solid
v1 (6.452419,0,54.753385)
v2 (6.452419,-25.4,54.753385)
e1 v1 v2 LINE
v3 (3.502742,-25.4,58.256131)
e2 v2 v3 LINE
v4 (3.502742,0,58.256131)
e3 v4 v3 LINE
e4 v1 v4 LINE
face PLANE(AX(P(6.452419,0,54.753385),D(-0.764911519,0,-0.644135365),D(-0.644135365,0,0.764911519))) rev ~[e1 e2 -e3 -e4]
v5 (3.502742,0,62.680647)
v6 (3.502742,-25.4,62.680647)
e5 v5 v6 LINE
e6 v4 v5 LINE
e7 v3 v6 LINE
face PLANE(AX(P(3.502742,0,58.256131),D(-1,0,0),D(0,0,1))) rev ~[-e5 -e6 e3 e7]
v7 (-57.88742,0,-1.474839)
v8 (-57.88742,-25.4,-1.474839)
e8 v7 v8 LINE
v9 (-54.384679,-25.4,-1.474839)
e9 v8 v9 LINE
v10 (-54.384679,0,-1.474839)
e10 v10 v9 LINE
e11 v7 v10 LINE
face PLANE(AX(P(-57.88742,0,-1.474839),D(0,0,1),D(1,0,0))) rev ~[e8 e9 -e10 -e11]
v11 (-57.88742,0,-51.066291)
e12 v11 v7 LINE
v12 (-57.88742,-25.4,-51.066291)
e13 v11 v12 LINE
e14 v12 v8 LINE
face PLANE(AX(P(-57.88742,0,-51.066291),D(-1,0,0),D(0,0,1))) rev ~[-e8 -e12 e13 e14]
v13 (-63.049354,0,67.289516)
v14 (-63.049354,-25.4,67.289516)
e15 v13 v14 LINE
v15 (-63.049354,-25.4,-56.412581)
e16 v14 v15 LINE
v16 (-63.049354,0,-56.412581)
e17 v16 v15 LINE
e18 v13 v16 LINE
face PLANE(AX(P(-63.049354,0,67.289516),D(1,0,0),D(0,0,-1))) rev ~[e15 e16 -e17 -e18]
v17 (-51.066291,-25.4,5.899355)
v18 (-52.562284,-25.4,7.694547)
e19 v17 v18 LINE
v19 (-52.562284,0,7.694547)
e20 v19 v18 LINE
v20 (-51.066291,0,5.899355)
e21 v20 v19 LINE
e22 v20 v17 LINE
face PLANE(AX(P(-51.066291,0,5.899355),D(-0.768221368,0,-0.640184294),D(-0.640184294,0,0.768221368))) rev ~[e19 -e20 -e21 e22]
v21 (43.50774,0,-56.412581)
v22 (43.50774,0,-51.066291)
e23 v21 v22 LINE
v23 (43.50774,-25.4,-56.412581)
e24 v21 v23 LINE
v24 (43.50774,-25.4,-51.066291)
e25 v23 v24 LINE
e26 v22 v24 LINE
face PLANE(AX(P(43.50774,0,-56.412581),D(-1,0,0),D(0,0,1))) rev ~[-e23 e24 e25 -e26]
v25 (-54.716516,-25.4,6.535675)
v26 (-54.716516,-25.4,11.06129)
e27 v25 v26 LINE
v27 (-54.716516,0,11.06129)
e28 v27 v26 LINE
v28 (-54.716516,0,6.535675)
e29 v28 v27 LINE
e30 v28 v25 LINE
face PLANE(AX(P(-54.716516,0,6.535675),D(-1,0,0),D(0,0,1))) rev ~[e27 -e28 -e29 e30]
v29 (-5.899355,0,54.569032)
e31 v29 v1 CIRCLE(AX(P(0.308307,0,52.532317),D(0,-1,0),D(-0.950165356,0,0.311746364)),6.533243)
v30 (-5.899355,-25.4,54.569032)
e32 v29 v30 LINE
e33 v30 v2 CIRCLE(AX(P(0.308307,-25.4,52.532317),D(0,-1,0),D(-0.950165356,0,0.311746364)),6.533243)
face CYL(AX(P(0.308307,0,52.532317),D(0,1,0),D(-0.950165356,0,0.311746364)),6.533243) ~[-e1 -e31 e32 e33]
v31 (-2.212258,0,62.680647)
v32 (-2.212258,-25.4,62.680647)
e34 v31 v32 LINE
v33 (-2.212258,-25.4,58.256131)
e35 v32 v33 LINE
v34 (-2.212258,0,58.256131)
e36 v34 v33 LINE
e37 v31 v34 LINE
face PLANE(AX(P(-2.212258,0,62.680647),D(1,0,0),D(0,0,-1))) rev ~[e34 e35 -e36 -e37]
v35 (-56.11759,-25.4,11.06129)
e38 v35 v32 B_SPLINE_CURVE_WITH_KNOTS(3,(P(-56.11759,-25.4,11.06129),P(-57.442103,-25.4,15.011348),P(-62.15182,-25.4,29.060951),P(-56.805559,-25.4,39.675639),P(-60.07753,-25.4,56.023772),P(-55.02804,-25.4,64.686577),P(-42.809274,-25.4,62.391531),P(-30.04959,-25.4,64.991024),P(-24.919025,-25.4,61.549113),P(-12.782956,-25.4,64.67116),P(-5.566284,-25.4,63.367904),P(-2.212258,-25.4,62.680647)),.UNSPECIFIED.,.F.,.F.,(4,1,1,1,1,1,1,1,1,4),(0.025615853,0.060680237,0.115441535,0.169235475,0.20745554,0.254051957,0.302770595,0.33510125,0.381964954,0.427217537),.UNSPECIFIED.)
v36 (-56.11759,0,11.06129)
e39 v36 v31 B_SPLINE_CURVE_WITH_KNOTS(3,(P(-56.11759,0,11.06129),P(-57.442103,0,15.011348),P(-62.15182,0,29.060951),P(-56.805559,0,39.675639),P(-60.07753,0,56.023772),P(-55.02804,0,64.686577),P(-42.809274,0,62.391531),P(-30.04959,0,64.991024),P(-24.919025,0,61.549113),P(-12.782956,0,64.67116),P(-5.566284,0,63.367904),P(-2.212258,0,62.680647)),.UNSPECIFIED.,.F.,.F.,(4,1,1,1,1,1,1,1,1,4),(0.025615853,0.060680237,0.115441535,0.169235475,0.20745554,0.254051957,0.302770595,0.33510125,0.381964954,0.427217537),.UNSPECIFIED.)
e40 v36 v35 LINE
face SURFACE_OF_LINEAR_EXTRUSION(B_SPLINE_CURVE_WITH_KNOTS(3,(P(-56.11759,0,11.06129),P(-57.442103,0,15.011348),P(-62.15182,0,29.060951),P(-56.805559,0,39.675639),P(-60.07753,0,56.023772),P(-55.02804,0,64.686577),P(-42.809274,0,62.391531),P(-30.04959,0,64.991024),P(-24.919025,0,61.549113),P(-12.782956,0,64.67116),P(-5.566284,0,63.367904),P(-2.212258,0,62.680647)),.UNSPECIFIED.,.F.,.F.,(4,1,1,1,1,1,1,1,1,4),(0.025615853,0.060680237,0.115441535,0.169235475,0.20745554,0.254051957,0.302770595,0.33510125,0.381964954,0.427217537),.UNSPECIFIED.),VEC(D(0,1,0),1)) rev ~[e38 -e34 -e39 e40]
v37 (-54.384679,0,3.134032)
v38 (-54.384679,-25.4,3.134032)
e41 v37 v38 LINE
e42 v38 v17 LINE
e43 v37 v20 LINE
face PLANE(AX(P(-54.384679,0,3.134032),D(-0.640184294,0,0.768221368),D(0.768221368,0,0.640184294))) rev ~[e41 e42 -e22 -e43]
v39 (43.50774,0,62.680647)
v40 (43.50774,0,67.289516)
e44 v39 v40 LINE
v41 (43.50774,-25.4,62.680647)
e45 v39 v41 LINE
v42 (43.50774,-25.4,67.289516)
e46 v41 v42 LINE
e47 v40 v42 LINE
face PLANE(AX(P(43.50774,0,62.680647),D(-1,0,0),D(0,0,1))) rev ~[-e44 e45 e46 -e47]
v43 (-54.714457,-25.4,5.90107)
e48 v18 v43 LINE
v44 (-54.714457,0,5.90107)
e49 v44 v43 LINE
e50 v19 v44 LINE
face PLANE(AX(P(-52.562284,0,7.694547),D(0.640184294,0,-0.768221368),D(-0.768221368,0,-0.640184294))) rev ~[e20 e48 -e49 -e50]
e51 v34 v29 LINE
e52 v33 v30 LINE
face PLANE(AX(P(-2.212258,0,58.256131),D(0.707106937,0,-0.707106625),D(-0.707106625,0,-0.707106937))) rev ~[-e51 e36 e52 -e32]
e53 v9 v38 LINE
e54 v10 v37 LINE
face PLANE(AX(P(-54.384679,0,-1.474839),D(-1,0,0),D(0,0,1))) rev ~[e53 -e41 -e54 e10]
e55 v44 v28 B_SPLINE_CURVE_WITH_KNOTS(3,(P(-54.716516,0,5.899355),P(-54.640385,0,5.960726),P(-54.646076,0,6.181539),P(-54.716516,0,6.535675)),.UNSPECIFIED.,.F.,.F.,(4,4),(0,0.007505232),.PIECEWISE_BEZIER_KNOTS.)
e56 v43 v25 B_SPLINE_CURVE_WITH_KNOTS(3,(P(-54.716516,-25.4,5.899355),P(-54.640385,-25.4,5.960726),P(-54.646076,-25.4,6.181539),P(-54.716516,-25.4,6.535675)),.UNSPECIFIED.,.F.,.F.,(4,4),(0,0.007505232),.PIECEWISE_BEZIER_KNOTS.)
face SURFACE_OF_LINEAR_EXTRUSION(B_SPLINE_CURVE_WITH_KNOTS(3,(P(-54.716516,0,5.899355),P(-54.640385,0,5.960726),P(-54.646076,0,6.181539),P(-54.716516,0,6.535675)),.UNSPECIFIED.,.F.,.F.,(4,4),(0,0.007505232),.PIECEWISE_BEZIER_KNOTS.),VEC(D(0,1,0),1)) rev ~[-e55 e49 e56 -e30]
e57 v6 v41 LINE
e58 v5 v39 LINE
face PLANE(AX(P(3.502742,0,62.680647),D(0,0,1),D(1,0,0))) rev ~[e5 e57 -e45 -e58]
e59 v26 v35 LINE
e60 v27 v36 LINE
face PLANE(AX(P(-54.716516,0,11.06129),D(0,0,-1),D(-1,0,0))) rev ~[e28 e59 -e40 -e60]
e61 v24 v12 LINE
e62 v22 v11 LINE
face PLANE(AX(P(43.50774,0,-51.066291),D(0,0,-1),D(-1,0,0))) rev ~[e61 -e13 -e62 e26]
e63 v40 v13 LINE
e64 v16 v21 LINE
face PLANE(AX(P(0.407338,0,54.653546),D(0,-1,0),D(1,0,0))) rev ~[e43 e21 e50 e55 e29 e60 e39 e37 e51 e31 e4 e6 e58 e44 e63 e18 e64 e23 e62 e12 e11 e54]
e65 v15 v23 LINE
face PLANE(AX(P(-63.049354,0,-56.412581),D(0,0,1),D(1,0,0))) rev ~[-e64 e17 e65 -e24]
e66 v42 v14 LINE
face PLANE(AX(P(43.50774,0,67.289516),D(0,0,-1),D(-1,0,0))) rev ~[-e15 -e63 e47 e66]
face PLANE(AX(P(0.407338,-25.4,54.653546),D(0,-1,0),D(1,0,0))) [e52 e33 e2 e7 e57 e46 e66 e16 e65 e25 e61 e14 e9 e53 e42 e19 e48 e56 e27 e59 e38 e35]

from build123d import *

# Parameters (mm, degrees)
F1_DEPTH = 25.4


with BuildPart() as f1:
    # F0 (on Front) → F1 (new body)
    with BuildSketch(Plane.XZ):
        with BuildLine():
            Line((-2.212257823, 58.2561306655), (-5.8993548155, 54.5690320432))
            ThreePointArc((-5.8993548155, 54.5690320432), (0.4058060109, 45.9998016197), (6.4524193294, 54.7533854842))
            Line((6.4524193294, 54.7533854842), (3.5027421545, 58.2561306655))
            Line((3.5027421545, 58.2561306655), (3.5027421545, 62.6806467772))
            add(Edge.make_bspline(
                [(-2.212257823, 62.6806467772), (0.2134967347, 62.183597229), (2.5392399354, 61.6619496876), (3.5027421545, 62.6806467772)],
                knots=[0.4272175368, 0.4272175368, 0.4272175368, 0.4272175368, 0.4599458664, 0.4599458664, 0.4599458664, 0.4599458664], degree=3))
            Line((-2.212257823, 62.6806467772), (-2.212257823, 58.2561306655))
        make_face()
        with BuildLine():
            add(Edge.make_bspline(
                [(-56.1175897394, 11.061290279), (-57.4421026407, 15.0113475285), (-62.1518201807, 29.0609512176), (-56.8055586939, 39.6756389092), (-60.0775304039, 56.0237716743), (-55.0280404148, 64.6865765345), (-42.8092741874, 62.3915307758), (-30.049589894, 64.9910239761), (-24.9190247488, 61.549112801), (-12.7829555943, 64.6711598854), (-5.566283552, 63.3679038485), (-2.212257823, 62.6806467772)],
                knots=[0.0256158531, 0.0256158531, 0.0256158531, 0.0256158531, 0.0606802371, 0.1154415351, 0.1692354746, 0.20745554, 0.254051957, 0.3027705946, 0.3351012498, 0.3819649537, 0.4272175368, 0.4272175368, 0.4272175368, 0.4272175368], degree=3))
            add(Edge.make_bspline(
                [(-2.212257823, 62.6806467772), (0.2134967347, 62.183597229), (2.5392399354, 61.6619496876), (3.5027421545, 62.6806467772)],
                knots=[0.4272175368, 0.4272175368, 0.4272175368, 0.4272175368, 0.4599458664, 0.4599458664, 0.4599458664, 0.4599458664], degree=3))
            add(Edge.make_bspline(
                [(3.5027421545, 62.6806467772), (4.1893433291, 63.4065803603), (4.1769369673, 67.0310825175), (-2.8490543096, 64.8300189818), (-12.7876938958, 66.4858188173), (-22.3076582062, 63.0154968392), (-31.2465775254, 67.2659261953), (-42.3456238294, 64.5851386583), (-54.3045181178, 65.64947354), (-59.2988133317, 63.0698735263), (-62.5418094545, 53.3702727032), (-59.9276703797, 35.0641566719), (-61.8593859607, 24.6719915086), (-61.6194732337, 15.6818162338), (-55.1614744754, 5.5406582034), (-54.7165155411, 5.8993548155)],
                knots=[0.4599458664, 0.4599458664, 0.4599458664, 0.4599458664, 0.4832683965, 0.5159967261, 0.5604479371, 0.602901816, 0.6440895933, 0.6905688027, 0.7374826131, 0.7673405324, 0.8092023906, 0.8684598686, 0.9125670322, 0.9561342875, 1, 1, 1, 1], degree=3))
            Line((-54.7165155411, 5.8993548155), (-54.7165155411, 6.5356749263))
            add(Edge.make_bspline(
                [(-54.7165155411, 6.5356749263), (-54.8864899618, 7.3902273291), (-55.4334838511, 9.021100696), (-56.1175897394, 11.061290279)],
                knots=[0.0075052319, 0.0075052319, 0.0075052319, 0.0075052319, 0.0256158531, 0.0256158531, 0.0256158531, 0.0256158531], degree=3))
        make_face()
        with BuildLine():
            add(Edge.make_bspline(
                [(3.5027421545, 62.6806467772), (4.1893433291, 63.4065803603), (4.1769369673, 67.0310825175), (-2.8490543096, 64.8300189818), (-12.7876938958, 66.4858188173), (-22.3076582062, 63.0154968392), (-31.2465775254, 67.2659261953), (-42.3456238294, 64.5851386583), (-54.3045181178, 65.64947354), (-59.2988133317, 63.0698735263), (-62.5418094545, 53.3702727032), (-59.9276703797, 35.0641566719), (-61.8593859607, 24.6719915086), (-61.6194732337, 15.6818162338), (-55.1614744754, 5.5406582034), (-54.7165155411, 5.8993548155)],
                knots=[0.4599458664, 0.4599458664, 0.4599458664, 0.4599458664, 0.4832683965, 0.5159967261, 0.5604479371, 0.602901816, 0.6440895933, 0.6905688027, 0.7374826131, 0.7673405324, 0.8092023906, 0.8684598686, 0.9125670322, 0.9561342875, 1, 1, 1, 1], degree=3))
            Line((3.5027421545, 62.6806467772), (43.5077399015, 62.6806467772))
            Line((43.5077399015, 62.6806467772), (43.5077399015, 67.2895163298))
            Line((43.5077399015, 67.2895163298), (-63.0493536592, 67.2895163298))
            Line((-63.0493536592, 67.2895163298), (-63.0493536592, -56.4125813544))
            Line((-63.0493536592, -56.4125813544), (43.5077399015, -56.4125813544))
            Line((43.5077399015, -56.4125813544), (43.5077399015, -51.0662905872))
            Line((43.5077399015, -51.0662905872), (-57.8874200583, -51.0662905872))
            Line((-57.8874200583, -51.0662905872), (-57.8874200583, -1.4748387039))
            Line((-57.8874200583, -1.4748387039), (-54.3846786022, -1.4748387039))
            Line((-54.3846786022, -1.4748387039), (-54.3846786022, 3.1340322457))
            Line((-54.3846786022, 3.1340322457), (-51.0662905872, 5.8993548155))
            Line((-51.0662905872, 5.8993548155), (-52.5622839252, 7.6945473249))
            Line((-52.5622839252, 7.6945473249), (-54.7165155411, 5.8993548155))
        make_face()
        with BuildLine():
            Line((-54.7165155411, 11.061290279), (-56.1175897394, 11.061290279))
            add(Edge.make_bspline(
                [(-54.7165155411, 6.5356749263), (-54.8864899618, 7.3902273291), (-55.4334838511, 9.021100696), (-56.1175897394, 11.061290279)],
                knots=[0.0075052319, 0.0075052319, 0.0075052319, 0.0075052319, 0.0256158531, 0.0256158531, 0.0256158531, 0.0256158531], degree=3))
            Line((-54.7165155411, 6.5356749263), (-54.7165155411, 11.061290279))
        make_face()
        with BuildLine():
            Line((-54.7165155411, 6.5356749263), (-54.7165155411, 5.8993548155))
            add(Edge.make_bspline(
                [(-54.7165155411, 5.8993548155), (-54.6403850103, 5.9607262396), (-54.646076354, 6.1815394256), (-54.7165155411, 6.5356749263)],
                knots=[0, 0, 0, 0, 0.0075052319, 0.0075052319, 0.0075052319, 0.0075052319], degree=3))
        make_face()
    extrude(amount=F1_DEPTH)


solid = f1.part
